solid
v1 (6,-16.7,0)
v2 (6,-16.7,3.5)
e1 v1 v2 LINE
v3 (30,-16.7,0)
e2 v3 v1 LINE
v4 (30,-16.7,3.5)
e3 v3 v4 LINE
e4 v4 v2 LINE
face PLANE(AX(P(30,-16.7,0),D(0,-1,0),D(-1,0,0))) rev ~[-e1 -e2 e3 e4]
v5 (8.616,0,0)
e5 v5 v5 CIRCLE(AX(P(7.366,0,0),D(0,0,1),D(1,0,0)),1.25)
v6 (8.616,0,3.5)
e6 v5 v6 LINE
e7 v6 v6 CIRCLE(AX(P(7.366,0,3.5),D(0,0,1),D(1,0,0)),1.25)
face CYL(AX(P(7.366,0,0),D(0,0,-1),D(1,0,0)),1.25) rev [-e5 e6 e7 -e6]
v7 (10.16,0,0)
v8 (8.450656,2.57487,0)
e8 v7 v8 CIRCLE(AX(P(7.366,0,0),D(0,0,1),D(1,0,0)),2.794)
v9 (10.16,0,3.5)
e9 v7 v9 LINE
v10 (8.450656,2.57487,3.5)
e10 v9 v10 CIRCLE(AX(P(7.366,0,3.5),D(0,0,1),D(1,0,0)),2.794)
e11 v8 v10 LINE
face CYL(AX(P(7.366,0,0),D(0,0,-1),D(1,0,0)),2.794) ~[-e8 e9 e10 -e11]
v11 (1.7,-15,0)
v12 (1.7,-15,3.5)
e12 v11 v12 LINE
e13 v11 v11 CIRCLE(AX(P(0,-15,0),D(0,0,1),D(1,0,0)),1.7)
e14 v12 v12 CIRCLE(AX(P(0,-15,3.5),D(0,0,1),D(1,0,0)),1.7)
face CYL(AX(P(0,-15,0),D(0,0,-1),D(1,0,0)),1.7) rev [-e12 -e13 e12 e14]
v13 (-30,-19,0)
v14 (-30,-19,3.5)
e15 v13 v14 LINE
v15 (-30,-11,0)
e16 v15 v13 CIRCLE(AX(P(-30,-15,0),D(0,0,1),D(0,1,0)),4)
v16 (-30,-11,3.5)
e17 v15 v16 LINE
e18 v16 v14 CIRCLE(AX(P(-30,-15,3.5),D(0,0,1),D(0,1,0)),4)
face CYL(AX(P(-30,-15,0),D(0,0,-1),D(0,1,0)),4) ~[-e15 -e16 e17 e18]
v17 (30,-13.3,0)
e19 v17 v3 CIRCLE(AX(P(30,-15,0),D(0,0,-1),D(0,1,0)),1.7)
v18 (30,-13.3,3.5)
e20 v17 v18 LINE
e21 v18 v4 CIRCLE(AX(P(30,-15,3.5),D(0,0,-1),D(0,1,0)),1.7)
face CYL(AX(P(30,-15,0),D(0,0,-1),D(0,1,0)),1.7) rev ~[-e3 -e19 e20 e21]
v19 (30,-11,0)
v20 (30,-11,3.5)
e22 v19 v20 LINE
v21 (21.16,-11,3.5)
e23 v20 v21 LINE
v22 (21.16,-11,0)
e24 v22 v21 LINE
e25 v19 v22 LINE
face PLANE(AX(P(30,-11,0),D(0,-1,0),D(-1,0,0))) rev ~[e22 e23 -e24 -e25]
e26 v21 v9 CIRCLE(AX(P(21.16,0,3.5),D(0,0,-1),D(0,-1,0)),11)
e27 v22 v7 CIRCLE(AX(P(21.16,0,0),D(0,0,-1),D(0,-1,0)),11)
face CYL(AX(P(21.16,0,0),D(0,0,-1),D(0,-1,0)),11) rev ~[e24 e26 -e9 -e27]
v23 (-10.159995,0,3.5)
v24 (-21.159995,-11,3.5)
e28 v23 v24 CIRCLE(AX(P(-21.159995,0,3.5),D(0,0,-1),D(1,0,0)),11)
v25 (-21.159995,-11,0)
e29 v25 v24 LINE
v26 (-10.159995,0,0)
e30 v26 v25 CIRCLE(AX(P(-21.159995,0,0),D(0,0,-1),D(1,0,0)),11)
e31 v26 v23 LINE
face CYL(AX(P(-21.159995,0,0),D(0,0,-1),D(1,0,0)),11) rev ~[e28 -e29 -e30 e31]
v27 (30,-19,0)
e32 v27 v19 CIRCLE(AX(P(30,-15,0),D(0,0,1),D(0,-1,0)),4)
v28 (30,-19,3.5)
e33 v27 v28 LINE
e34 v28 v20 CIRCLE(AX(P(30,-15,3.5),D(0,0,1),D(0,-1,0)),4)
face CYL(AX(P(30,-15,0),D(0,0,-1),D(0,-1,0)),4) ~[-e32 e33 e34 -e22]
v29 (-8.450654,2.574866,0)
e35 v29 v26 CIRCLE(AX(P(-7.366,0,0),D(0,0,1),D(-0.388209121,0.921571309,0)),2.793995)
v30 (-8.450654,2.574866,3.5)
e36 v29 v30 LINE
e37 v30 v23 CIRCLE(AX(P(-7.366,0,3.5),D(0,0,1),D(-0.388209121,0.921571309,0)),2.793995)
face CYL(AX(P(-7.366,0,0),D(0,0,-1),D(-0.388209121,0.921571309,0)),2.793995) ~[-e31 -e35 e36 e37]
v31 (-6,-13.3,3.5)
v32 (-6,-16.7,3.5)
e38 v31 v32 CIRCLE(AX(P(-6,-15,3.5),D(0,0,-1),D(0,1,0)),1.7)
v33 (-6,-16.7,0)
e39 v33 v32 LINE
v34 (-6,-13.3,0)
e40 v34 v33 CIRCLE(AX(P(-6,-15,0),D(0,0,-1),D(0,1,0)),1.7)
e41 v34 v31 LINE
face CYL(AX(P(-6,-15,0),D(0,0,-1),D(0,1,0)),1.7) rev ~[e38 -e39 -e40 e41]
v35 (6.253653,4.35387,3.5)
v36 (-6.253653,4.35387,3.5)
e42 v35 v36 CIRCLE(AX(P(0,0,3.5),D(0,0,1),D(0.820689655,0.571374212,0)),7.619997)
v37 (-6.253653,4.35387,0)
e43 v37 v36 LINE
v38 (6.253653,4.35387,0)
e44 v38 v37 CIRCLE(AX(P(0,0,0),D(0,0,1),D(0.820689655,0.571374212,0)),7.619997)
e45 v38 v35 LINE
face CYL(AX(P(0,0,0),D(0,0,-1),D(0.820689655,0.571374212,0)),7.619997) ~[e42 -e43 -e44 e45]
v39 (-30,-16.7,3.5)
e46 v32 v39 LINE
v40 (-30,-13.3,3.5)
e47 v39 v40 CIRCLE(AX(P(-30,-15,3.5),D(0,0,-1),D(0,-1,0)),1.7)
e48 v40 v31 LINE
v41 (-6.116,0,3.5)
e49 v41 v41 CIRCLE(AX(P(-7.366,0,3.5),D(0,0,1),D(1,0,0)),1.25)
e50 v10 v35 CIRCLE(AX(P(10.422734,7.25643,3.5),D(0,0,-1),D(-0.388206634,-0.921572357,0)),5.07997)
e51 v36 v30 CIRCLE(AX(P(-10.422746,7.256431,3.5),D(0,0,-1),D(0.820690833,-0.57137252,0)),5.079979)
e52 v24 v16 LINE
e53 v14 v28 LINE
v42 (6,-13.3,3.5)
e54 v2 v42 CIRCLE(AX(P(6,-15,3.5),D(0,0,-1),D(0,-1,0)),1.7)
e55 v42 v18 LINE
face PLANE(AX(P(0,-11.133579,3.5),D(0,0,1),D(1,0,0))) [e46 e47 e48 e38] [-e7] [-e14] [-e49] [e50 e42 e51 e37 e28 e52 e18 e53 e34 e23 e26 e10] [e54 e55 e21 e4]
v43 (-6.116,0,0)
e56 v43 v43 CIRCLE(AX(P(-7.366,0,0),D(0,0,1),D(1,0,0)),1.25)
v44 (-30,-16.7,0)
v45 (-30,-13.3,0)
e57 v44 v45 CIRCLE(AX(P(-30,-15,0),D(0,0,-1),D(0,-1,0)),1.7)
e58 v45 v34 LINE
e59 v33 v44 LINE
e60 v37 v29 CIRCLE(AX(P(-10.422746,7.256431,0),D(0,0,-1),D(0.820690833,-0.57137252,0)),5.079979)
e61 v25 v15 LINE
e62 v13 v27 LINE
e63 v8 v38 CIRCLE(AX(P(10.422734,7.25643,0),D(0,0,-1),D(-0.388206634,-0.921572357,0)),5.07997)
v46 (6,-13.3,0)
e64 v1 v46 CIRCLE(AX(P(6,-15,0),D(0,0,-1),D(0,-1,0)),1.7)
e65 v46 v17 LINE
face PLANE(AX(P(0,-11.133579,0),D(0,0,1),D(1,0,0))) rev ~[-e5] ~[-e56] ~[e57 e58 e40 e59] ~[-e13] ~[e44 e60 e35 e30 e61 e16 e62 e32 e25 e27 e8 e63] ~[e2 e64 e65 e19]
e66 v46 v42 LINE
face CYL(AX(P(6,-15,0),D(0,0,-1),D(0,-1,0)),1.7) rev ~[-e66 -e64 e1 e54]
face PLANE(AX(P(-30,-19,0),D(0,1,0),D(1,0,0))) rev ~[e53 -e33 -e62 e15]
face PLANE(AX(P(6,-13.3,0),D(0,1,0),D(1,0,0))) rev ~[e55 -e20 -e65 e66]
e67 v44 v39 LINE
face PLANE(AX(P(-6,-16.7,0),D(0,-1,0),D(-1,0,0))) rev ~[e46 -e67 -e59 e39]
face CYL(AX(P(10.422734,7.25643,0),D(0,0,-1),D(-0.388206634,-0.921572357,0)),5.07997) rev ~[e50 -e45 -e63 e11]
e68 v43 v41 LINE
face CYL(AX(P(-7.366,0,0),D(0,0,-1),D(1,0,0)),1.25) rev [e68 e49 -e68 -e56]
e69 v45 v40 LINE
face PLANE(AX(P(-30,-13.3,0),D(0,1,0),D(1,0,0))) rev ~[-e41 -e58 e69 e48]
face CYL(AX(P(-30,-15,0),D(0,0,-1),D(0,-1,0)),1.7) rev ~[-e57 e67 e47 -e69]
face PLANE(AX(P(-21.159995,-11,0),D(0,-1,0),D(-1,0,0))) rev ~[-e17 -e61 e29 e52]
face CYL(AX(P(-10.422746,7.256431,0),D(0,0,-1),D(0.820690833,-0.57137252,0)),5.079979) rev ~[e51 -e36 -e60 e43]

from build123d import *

# Parameters (mm, degrees)
SKETCH1_R           = 1.25
SKETCH1_R_2         = 1.7
BOSS_EXTRUDE1_DEPTH = 3.5


with BuildPart() as part:
    # Sketch1 → Boss-Extrude1 (new body)
    with BuildSketch(Plane.XY):
        with BuildLine():
            Line((-30, -19), (30, -19))
            ThreePointArc((30, -19), (34, -15), (30, -11))
            Line((30, -11), (21.16, -11))
            ThreePointArc((21.16, -11), (13.381825407, -7.778174593), (10.16, 0))
            ThreePointArc((10.16, 0), (9.693763482, 1.54530035), (8.450656284, 2.574870238))
            ThreePointArc((8.450656284, 2.574870238), (7.225912675, 3.308465338), (6.253653028, 4.35387))
            ThreePointArc((6.253653028, 4.35387), (0, 7.619997387), (-6.253653028, 4.353870001))
            ThreePointArc((-6.253653028, 4.353870001), (-7.225911419, 3.308463788), (-8.450654495, 2.574865992))
            ThreePointArc((-8.450654495, 2.574865992), (-9.693759643, 1.545297801), (-10.159995392, 0))
            ThreePointArc((-10.159995392, 0), (-13.381820799, -7.778174593), (-21.159995392, -11))
            Line((-21.159995392, -11), (-30, -11))
            ThreePointArc((-30, -11), (-34, -15), (-30, -19))
        make_face()
        with Locations((-7.366, 0)):
            Circle(SKETCH1_R, mode=Mode.SUBTRACT)
        with Locations((7.366, 0)):
            Circle(SKETCH1_R, mode=Mode.SUBTRACT)
        with Locations((0, -15)):
            Circle(SKETCH1_R_2, mode=Mode.SUBTRACT)
        with BuildLine():
            Line((-30, -13.3), (-6, -13.3))
            ThreePointArc((-6, -13.3), (-4.3, -15), (-6, -16.7))
            Line((-6, -16.7), (-30, -16.7))
            ThreePointArc((-30, -16.7), (-31.7, -15), (-30, -13.3))
        make_face(mode=Mode.SUBTRACT)
        with BuildLine():
            Line((30, -16.7), (6, -16.7))
            ThreePointArc((6, -16.7), (4.3, -15), (6, -13.3))
            Line((6, -13.3), (30, -13.3))
            ThreePointArc((30, -13.3), (31.7, -15), (30, -16.7))
        make_face(mode=Mode.SUBTRACT)
    extrude(amount=BOSS_EXTRUDE1_DEPTH)


solid = part.part
